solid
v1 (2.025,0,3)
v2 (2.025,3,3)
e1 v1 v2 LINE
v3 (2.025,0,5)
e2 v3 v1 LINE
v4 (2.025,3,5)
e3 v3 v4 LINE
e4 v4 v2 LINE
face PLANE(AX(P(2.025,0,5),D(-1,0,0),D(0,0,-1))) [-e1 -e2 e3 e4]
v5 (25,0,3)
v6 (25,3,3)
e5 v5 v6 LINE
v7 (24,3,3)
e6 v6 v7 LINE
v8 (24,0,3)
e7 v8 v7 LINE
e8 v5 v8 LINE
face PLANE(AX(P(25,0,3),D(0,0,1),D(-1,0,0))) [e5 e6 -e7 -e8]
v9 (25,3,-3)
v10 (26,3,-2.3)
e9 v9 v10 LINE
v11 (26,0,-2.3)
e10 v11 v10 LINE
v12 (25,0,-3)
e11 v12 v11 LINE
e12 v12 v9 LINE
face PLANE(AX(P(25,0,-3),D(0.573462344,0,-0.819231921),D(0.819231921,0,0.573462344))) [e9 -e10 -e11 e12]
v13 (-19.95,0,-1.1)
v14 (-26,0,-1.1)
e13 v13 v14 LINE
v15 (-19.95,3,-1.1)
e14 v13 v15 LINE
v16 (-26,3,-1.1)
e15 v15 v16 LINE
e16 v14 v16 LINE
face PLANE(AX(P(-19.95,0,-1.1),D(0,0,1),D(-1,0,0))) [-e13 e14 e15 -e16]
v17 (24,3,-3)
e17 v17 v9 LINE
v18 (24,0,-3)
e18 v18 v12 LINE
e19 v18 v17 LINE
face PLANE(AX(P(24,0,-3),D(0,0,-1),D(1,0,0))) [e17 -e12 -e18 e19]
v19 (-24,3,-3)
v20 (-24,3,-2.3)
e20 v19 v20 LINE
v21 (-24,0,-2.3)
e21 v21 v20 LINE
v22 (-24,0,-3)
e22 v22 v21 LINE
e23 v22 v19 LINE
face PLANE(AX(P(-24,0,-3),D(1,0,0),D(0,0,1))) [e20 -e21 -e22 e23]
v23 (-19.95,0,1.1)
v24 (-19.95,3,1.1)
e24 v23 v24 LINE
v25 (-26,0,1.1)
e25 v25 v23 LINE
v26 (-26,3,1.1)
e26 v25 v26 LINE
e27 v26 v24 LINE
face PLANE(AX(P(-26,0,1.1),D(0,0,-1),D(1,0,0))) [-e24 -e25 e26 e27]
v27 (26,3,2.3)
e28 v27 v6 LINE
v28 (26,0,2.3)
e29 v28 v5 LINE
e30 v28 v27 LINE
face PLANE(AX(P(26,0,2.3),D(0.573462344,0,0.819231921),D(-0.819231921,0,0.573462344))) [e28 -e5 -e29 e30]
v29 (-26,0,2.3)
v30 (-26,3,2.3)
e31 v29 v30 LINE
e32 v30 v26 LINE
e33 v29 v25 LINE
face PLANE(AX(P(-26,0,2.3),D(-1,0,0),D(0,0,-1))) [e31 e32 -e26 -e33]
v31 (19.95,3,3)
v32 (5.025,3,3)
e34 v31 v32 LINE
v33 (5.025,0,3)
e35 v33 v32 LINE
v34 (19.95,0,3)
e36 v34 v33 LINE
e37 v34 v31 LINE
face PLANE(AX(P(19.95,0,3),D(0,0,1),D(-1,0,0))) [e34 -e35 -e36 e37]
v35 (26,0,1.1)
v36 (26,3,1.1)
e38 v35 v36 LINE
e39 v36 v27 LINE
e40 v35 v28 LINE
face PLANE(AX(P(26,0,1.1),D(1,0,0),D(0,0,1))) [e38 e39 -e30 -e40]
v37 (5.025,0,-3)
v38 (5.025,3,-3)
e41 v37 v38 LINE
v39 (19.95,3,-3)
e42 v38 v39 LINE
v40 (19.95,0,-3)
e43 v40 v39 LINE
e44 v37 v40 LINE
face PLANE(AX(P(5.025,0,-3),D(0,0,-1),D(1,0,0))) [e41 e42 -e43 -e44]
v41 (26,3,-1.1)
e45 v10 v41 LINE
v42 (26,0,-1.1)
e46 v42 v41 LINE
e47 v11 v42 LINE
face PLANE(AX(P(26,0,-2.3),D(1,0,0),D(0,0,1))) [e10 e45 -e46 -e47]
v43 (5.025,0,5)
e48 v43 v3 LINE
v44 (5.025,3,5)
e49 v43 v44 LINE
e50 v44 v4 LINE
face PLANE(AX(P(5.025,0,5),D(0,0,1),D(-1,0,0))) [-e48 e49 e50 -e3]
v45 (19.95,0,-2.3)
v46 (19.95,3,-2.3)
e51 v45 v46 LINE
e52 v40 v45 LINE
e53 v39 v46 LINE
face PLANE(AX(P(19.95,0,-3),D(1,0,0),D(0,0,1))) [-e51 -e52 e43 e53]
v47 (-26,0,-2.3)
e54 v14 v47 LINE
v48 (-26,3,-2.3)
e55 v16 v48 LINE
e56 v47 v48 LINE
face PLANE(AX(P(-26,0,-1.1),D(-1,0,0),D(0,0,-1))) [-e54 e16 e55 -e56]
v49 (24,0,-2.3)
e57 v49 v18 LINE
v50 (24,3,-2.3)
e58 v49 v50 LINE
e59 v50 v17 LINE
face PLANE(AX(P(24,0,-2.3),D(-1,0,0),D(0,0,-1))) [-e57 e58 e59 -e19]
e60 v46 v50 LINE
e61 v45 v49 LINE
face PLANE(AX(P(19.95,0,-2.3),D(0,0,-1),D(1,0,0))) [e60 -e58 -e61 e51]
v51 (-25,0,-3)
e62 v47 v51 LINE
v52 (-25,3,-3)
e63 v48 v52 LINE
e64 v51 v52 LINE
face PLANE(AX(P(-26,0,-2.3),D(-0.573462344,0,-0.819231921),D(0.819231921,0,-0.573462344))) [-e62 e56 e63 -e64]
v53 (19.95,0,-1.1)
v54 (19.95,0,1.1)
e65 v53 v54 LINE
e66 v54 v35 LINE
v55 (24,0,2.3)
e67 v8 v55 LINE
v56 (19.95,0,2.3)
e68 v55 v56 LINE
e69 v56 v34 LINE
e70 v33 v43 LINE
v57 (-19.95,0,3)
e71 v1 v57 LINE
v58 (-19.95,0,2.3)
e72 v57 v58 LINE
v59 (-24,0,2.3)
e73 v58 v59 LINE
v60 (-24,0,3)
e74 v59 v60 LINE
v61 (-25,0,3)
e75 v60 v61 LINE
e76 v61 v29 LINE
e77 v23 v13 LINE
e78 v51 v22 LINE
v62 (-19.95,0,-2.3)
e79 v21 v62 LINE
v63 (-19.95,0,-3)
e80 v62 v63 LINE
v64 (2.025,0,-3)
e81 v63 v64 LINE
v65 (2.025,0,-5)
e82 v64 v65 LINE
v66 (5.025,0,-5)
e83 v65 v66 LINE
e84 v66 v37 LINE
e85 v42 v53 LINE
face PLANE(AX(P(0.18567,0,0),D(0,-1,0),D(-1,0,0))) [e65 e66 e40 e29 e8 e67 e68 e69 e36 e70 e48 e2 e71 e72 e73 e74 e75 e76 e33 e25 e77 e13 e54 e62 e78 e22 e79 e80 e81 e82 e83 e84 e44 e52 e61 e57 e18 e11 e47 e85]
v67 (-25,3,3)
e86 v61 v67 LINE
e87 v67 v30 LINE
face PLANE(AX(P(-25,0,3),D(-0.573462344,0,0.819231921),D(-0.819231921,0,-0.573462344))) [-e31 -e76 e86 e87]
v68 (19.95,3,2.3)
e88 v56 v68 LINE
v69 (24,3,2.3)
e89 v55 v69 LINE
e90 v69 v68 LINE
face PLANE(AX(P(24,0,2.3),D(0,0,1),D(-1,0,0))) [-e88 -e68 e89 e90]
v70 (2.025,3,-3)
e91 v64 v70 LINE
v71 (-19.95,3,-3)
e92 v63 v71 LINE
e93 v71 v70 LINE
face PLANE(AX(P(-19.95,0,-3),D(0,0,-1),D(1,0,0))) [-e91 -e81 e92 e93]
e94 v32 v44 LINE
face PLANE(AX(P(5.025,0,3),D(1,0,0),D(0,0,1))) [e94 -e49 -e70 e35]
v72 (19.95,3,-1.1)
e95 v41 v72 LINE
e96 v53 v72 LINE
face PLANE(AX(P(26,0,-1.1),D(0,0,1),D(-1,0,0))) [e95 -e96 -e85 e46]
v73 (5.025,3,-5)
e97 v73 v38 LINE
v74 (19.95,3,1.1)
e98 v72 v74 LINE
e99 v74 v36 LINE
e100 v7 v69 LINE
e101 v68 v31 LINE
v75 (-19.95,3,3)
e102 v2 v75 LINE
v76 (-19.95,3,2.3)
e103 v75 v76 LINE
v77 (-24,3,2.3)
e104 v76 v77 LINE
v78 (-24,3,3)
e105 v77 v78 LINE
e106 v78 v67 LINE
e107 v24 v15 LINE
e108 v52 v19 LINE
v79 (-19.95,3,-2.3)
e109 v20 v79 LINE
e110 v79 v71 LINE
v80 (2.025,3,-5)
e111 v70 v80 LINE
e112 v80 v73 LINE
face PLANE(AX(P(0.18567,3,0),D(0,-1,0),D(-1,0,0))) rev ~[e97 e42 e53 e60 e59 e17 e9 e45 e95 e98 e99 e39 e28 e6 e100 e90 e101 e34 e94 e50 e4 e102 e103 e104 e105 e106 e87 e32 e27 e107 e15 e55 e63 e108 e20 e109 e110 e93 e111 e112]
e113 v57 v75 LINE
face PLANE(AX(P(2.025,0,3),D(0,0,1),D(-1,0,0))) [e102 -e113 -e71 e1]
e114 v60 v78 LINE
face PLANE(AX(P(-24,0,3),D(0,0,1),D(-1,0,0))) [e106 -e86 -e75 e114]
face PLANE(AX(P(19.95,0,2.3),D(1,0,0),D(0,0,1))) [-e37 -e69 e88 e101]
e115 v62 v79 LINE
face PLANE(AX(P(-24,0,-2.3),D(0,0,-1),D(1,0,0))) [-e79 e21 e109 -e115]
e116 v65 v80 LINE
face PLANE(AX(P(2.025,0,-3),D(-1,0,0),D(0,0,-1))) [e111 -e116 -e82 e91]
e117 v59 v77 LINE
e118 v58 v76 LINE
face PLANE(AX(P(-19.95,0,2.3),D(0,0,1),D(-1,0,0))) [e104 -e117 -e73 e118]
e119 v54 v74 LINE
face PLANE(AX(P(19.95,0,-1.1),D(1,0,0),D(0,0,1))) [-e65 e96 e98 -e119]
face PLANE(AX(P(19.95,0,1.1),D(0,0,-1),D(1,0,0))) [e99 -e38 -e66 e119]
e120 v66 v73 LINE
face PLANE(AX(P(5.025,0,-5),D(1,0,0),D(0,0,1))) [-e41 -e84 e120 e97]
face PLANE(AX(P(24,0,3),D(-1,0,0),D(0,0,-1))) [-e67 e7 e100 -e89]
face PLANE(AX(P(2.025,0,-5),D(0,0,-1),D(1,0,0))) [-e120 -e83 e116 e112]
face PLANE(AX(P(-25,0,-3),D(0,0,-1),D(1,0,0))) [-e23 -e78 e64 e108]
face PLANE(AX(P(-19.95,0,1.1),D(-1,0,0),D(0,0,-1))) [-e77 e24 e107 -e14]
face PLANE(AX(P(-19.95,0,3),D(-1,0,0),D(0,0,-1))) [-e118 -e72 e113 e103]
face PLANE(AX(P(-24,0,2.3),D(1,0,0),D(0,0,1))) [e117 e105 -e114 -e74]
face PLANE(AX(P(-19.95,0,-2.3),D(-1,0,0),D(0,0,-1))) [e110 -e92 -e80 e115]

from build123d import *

# Parameters (mm, degrees)
BOSS_EXTRUDE1_DEPTH = 3


with BuildPart() as part:
    # Sketch1 → Boss-Extrude1 (new body)
    with BuildSketch(Plane(origin=(0, 0, 0), x_dir=(1, 0, 0), z_dir=(0, 1, 0))):
        Polygon((-19.95, 3), (2.025, 3), (2.025, 5), (5.025, 5), (5.025, 3), (19.95, 3), (19.95, 2.3), (24, 2.3), (24, 3), (25, 3), (26, 2.3), (26, 1.1), (19.95, 1.1), (19.95, -1.1), (26, -1.1), (26, -2.3), (25, -3), (24, -3), (24, -2.3), (19.95, -2.3), (19.95, -3), (5.025, -3), (5.025, -5), (2.025, -5), (2.025, -3), (-19.95, -3), (-19.95, -2.3), (-24, -2.3), (-24, -3), (-25, -3), (-26, -2.3), (-26, -1.1), (-19.95, -1.1), (-19.95, 1.1), (-26, 1.1), (-26, 2.3), (-25, 3), (-24, 3), (-24, 2.3), (-19.95, 2.3), align=None)
    extrude(amount=BOSS_EXTRUDE1_DEPTH)


solid = part.part
